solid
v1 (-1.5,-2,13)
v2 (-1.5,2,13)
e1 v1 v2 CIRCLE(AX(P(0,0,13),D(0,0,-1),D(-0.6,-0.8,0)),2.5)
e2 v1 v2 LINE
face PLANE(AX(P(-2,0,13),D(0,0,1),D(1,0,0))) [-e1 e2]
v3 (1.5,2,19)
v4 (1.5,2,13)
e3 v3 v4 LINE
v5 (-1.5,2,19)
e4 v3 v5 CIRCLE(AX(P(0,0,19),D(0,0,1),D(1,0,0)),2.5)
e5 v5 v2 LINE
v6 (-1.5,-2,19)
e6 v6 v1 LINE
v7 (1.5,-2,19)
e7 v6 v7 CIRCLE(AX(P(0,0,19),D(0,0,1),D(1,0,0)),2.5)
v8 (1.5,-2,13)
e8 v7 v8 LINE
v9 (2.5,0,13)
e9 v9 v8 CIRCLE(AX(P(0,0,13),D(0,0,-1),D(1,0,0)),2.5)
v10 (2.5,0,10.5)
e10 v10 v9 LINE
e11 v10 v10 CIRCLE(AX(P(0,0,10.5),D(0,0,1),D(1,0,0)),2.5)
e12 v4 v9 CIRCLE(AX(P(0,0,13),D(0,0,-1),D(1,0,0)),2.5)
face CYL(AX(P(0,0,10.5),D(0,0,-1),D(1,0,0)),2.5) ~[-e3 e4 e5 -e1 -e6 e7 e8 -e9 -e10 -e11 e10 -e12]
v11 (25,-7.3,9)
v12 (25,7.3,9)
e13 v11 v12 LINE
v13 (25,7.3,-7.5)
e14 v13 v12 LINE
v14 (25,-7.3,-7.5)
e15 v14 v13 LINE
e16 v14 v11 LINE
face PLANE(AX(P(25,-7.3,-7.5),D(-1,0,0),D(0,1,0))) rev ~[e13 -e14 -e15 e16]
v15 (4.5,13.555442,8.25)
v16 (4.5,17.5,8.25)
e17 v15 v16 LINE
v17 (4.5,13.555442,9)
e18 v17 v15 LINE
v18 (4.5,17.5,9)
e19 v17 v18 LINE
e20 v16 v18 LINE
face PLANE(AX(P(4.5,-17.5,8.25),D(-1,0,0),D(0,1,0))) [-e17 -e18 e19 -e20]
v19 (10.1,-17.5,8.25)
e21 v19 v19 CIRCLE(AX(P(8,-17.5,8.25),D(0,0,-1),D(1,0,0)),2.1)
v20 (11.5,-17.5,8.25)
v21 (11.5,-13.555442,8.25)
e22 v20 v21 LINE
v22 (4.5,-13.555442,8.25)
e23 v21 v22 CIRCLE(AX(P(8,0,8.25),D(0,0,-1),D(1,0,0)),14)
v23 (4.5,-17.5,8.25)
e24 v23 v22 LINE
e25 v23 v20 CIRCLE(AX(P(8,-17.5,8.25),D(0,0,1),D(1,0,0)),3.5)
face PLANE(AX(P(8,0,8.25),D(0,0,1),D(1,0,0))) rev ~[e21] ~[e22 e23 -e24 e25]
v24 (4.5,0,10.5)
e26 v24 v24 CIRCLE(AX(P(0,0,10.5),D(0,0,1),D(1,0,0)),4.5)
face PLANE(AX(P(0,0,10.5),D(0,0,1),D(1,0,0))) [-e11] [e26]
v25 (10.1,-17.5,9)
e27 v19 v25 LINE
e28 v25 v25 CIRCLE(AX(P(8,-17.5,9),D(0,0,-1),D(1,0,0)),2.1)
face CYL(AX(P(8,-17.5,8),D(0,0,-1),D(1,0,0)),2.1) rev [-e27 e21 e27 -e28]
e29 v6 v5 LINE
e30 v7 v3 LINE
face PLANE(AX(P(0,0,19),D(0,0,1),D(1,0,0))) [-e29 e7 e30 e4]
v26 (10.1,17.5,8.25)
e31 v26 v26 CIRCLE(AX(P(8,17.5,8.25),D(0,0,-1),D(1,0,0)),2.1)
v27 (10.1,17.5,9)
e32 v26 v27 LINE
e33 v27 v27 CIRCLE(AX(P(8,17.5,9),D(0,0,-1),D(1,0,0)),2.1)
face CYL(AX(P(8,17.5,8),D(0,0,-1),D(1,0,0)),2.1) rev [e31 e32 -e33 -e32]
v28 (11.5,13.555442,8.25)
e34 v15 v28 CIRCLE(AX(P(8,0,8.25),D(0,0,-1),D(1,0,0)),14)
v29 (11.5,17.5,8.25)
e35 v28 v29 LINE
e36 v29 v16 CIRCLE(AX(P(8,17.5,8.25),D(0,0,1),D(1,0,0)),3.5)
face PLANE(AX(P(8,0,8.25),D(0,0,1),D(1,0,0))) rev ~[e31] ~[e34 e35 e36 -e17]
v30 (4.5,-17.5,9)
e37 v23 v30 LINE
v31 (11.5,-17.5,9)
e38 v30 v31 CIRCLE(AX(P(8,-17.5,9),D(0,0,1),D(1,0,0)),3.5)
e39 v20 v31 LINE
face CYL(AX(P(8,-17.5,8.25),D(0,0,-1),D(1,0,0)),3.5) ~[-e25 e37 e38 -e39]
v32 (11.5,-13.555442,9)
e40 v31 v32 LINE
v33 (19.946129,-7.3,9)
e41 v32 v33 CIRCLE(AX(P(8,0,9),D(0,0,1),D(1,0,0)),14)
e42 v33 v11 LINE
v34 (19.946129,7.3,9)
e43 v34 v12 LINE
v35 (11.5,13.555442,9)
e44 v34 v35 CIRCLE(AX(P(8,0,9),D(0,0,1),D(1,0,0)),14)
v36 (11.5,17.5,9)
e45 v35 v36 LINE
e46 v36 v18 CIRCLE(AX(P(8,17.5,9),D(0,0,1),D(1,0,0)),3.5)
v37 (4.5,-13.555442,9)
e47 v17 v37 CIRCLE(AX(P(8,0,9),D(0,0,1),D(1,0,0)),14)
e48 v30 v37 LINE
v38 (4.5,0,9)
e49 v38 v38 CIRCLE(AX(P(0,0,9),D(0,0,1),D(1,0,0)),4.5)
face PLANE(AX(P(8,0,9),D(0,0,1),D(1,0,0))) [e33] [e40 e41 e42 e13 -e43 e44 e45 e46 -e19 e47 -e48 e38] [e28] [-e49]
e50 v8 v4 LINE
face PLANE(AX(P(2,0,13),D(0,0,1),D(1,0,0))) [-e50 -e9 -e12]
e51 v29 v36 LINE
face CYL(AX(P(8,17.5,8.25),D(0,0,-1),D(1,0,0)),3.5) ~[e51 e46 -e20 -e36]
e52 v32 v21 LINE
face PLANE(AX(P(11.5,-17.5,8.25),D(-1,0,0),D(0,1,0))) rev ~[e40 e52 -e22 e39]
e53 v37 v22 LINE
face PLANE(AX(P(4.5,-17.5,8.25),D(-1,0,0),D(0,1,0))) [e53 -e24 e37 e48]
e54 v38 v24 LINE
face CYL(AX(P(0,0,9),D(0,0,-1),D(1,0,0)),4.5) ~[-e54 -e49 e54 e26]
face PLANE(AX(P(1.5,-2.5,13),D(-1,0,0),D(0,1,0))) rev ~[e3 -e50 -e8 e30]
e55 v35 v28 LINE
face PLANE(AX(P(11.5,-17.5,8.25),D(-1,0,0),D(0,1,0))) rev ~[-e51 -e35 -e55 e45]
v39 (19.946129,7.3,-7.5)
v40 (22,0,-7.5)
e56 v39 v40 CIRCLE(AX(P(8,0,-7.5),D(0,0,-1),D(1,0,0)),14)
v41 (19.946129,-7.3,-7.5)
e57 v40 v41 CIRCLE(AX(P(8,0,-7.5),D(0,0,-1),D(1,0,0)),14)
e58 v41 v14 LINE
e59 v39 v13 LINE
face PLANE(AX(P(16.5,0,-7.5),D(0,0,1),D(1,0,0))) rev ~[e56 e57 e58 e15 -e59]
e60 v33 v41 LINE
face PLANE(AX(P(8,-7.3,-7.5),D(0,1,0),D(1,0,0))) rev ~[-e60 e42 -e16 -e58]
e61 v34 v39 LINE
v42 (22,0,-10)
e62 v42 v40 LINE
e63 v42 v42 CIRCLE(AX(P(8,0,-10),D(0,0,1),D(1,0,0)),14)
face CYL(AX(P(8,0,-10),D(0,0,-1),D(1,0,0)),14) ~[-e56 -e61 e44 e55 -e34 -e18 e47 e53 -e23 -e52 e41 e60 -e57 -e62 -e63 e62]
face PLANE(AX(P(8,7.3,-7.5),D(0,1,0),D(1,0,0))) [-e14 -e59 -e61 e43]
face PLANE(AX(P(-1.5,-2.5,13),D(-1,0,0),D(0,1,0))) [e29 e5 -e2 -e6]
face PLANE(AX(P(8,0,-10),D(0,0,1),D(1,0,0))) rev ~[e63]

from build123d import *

# Parameters (mm, degrees)
BOX001_W          = 17
BOX001_H          = 14.6
BOX001_DEPTH      = 16.5
CYLINDER005_R     = 2.1
CYLINDER005_DEPTH = 2
CYLINDER004_R     = 2.1
CYLINDER004_DEPTH = 2
CYLINDER007_R     = 3.5
CYLINDER007_DEPTH = 0.75
BOX_W             = 7
BOX_H             = 35
BOX_DEPTH         = 0.75
CYLINDER006_R     = 3.5
CYLINDER006_DEPTH = 0.75
CYLINDER001_R     = 4.5
CYLINDER001_DEPTH = 1.5
CYLINDER_R        = 14
CYLINDER_DEPTH    = 19
BOX003_W          = 1
BOX003_H          = 5
BOX003_DEPTH      = 6
BOX002_W          = 1
BOX002_H          = 5
BOX002_DEPTH      = 6
CYLINDER003_R     = 2.5
CYLINDER003_DEPTH = 8.5


with BuildPart() as cube001:
    # Box001 → Box001 (new body)
    with BuildSketch(Plane(origin=(0, -7.3, 2.5), x_dir=(1, 0, 0), z_dir=(0, 0, 1))):
        with Locations((8.5, 7.3)):
            Rectangle(BOX001_W, BOX001_H)
    extrude(amount=BOX001_DEPTH)


with BuildPart() as cylinder005:
    # Cylinder005 → Cylinder005 (new body)
    with BuildSketch(Plane(origin=(0, 17.5, 18), x_dir=(1, 0, 0), z_dir=(0, 0, 1))):
        Circle(CYLINDER005_R)
    extrude(amount=CYLINDER005_DEPTH)


with BuildPart() as cylinder004:
    # Cylinder004 → Cylinder004 (new body)
    with BuildSketch(Plane(origin=(0, -17.5, 18), x_dir=(1, 0, 0), z_dir=(0, 0, 1))):
        Circle(CYLINDER004_R)
    extrude(amount=CYLINDER004_DEPTH)


with BuildPart() as cylinder007:
    # Cylinder007 → Cylinder007 (new body)
    with BuildSketch(Plane(origin=(0, 17.5, 18), x_dir=(1, 0, 0), z_dir=(0, 0, 1))):
        Circle(CYLINDER007_R)
    extrude(amount=CYLINDER007_DEPTH)


with BuildPart() as cube:
    # Box → Box (new body)
    with BuildSketch(Plane(origin=(-3.5, -17.5, 18), x_dir=(1, 0, 0), z_dir=(0, 0, 1))):
        with Locations((3.5, 17.5)):
            Rectangle(BOX_W, BOX_H)
    extrude(amount=BOX_DEPTH)


with BuildPart() as cut001:
    # Cylinder006 → Cylinder006 (new body)
    with BuildSketch(Plane(origin=(0, -17.5, 18), x_dir=(1, 0, 0), z_dir=(0, 0, 1))):
        Circle(CYLINDER006_R)
    extrude(amount=CYLINDER006_DEPTH)

    # Fusion: union Cylinder007, Cube
    add(cylinder007.part)
    add(cube.part)


with BuildPart() as cut001_1:
    # Fusion placement: moved
    add(cut001.part.moved(Location((0, 0, 0.25))))

    # Cut: cut Cylinder004
    add(cylinder004.part, mode=Mode.SUBTRACT)

    # Cut001: cut Cylinder005
    add(cylinder005.part, mode=Mode.SUBTRACT)


with BuildPart() as cylinder001:
    # Cylinder001 → Cylinder001 (new body)
    with BuildSketch(Plane(origin=(-8, 0, 19), x_dir=(1, 0, 0), z_dir=(0, 0, 1))):
        Circle(CYLINDER001_R)
    extrude(amount=CYLINDER001_DEPTH)


with BuildPart() as cylinder:
    # Cylinder → Cylinder (new body)
    with BuildSketch(Plane.XY):
        Circle(CYLINDER_R)
    extrude(amount=CYLINDER_DEPTH)


with BuildPart() as cube003:
    # Box003 → Box003 (new body)
    with BuildSketch(Plane(origin=(-10.5, -2.5, 23), x_dir=(1, 0, 0), z_dir=(0, 0, 1))):
        with Locations((0.5, 2.5)):
            Rectangle(BOX003_W, BOX003_H)
    extrude(amount=BOX003_DEPTH)


with BuildPart() as cube002:
    # Box002 → Box002 (new body)
    with BuildSketch(Plane(origin=(-6.5, -2.5, 23), x_dir=(1, 0, 0), z_dir=(0, 0, 1))):
        with Locations((0.5, 2.5)):
            Rectangle(BOX002_W, BOX002_H)
    extrude(amount=BOX002_DEPTH)


with BuildPart() as motor:
    # Cylinder003 → Cylinder003 (new body)
    with BuildSketch(Plane(origin=(-8, 0, 20.5), x_dir=(1, 0, 0), z_dir=(0, 0, 1))):
        Circle(CYLINDER003_R)
    extrude(amount=CYLINDER003_DEPTH)

    # Cut002: cut Cube002
    add(cube002.part, mode=Mode.SUBTRACT)

    # Cut003: cut Cube003
    add(cube003.part, mode=Mode.SUBTRACT)

    # Fusion001: union Cube001, Cut001, Cylinder001, Cylinder
    add(cube001.part)
    add(cut001_1.part)
    add(cylinder001.part)
    add(cylinder.part)


with BuildPart() as motor_1:
    # Fusion001 placement: moved
    add(motor.part.moved(Location((8, 0, -10))))


solid = motor_1.part
